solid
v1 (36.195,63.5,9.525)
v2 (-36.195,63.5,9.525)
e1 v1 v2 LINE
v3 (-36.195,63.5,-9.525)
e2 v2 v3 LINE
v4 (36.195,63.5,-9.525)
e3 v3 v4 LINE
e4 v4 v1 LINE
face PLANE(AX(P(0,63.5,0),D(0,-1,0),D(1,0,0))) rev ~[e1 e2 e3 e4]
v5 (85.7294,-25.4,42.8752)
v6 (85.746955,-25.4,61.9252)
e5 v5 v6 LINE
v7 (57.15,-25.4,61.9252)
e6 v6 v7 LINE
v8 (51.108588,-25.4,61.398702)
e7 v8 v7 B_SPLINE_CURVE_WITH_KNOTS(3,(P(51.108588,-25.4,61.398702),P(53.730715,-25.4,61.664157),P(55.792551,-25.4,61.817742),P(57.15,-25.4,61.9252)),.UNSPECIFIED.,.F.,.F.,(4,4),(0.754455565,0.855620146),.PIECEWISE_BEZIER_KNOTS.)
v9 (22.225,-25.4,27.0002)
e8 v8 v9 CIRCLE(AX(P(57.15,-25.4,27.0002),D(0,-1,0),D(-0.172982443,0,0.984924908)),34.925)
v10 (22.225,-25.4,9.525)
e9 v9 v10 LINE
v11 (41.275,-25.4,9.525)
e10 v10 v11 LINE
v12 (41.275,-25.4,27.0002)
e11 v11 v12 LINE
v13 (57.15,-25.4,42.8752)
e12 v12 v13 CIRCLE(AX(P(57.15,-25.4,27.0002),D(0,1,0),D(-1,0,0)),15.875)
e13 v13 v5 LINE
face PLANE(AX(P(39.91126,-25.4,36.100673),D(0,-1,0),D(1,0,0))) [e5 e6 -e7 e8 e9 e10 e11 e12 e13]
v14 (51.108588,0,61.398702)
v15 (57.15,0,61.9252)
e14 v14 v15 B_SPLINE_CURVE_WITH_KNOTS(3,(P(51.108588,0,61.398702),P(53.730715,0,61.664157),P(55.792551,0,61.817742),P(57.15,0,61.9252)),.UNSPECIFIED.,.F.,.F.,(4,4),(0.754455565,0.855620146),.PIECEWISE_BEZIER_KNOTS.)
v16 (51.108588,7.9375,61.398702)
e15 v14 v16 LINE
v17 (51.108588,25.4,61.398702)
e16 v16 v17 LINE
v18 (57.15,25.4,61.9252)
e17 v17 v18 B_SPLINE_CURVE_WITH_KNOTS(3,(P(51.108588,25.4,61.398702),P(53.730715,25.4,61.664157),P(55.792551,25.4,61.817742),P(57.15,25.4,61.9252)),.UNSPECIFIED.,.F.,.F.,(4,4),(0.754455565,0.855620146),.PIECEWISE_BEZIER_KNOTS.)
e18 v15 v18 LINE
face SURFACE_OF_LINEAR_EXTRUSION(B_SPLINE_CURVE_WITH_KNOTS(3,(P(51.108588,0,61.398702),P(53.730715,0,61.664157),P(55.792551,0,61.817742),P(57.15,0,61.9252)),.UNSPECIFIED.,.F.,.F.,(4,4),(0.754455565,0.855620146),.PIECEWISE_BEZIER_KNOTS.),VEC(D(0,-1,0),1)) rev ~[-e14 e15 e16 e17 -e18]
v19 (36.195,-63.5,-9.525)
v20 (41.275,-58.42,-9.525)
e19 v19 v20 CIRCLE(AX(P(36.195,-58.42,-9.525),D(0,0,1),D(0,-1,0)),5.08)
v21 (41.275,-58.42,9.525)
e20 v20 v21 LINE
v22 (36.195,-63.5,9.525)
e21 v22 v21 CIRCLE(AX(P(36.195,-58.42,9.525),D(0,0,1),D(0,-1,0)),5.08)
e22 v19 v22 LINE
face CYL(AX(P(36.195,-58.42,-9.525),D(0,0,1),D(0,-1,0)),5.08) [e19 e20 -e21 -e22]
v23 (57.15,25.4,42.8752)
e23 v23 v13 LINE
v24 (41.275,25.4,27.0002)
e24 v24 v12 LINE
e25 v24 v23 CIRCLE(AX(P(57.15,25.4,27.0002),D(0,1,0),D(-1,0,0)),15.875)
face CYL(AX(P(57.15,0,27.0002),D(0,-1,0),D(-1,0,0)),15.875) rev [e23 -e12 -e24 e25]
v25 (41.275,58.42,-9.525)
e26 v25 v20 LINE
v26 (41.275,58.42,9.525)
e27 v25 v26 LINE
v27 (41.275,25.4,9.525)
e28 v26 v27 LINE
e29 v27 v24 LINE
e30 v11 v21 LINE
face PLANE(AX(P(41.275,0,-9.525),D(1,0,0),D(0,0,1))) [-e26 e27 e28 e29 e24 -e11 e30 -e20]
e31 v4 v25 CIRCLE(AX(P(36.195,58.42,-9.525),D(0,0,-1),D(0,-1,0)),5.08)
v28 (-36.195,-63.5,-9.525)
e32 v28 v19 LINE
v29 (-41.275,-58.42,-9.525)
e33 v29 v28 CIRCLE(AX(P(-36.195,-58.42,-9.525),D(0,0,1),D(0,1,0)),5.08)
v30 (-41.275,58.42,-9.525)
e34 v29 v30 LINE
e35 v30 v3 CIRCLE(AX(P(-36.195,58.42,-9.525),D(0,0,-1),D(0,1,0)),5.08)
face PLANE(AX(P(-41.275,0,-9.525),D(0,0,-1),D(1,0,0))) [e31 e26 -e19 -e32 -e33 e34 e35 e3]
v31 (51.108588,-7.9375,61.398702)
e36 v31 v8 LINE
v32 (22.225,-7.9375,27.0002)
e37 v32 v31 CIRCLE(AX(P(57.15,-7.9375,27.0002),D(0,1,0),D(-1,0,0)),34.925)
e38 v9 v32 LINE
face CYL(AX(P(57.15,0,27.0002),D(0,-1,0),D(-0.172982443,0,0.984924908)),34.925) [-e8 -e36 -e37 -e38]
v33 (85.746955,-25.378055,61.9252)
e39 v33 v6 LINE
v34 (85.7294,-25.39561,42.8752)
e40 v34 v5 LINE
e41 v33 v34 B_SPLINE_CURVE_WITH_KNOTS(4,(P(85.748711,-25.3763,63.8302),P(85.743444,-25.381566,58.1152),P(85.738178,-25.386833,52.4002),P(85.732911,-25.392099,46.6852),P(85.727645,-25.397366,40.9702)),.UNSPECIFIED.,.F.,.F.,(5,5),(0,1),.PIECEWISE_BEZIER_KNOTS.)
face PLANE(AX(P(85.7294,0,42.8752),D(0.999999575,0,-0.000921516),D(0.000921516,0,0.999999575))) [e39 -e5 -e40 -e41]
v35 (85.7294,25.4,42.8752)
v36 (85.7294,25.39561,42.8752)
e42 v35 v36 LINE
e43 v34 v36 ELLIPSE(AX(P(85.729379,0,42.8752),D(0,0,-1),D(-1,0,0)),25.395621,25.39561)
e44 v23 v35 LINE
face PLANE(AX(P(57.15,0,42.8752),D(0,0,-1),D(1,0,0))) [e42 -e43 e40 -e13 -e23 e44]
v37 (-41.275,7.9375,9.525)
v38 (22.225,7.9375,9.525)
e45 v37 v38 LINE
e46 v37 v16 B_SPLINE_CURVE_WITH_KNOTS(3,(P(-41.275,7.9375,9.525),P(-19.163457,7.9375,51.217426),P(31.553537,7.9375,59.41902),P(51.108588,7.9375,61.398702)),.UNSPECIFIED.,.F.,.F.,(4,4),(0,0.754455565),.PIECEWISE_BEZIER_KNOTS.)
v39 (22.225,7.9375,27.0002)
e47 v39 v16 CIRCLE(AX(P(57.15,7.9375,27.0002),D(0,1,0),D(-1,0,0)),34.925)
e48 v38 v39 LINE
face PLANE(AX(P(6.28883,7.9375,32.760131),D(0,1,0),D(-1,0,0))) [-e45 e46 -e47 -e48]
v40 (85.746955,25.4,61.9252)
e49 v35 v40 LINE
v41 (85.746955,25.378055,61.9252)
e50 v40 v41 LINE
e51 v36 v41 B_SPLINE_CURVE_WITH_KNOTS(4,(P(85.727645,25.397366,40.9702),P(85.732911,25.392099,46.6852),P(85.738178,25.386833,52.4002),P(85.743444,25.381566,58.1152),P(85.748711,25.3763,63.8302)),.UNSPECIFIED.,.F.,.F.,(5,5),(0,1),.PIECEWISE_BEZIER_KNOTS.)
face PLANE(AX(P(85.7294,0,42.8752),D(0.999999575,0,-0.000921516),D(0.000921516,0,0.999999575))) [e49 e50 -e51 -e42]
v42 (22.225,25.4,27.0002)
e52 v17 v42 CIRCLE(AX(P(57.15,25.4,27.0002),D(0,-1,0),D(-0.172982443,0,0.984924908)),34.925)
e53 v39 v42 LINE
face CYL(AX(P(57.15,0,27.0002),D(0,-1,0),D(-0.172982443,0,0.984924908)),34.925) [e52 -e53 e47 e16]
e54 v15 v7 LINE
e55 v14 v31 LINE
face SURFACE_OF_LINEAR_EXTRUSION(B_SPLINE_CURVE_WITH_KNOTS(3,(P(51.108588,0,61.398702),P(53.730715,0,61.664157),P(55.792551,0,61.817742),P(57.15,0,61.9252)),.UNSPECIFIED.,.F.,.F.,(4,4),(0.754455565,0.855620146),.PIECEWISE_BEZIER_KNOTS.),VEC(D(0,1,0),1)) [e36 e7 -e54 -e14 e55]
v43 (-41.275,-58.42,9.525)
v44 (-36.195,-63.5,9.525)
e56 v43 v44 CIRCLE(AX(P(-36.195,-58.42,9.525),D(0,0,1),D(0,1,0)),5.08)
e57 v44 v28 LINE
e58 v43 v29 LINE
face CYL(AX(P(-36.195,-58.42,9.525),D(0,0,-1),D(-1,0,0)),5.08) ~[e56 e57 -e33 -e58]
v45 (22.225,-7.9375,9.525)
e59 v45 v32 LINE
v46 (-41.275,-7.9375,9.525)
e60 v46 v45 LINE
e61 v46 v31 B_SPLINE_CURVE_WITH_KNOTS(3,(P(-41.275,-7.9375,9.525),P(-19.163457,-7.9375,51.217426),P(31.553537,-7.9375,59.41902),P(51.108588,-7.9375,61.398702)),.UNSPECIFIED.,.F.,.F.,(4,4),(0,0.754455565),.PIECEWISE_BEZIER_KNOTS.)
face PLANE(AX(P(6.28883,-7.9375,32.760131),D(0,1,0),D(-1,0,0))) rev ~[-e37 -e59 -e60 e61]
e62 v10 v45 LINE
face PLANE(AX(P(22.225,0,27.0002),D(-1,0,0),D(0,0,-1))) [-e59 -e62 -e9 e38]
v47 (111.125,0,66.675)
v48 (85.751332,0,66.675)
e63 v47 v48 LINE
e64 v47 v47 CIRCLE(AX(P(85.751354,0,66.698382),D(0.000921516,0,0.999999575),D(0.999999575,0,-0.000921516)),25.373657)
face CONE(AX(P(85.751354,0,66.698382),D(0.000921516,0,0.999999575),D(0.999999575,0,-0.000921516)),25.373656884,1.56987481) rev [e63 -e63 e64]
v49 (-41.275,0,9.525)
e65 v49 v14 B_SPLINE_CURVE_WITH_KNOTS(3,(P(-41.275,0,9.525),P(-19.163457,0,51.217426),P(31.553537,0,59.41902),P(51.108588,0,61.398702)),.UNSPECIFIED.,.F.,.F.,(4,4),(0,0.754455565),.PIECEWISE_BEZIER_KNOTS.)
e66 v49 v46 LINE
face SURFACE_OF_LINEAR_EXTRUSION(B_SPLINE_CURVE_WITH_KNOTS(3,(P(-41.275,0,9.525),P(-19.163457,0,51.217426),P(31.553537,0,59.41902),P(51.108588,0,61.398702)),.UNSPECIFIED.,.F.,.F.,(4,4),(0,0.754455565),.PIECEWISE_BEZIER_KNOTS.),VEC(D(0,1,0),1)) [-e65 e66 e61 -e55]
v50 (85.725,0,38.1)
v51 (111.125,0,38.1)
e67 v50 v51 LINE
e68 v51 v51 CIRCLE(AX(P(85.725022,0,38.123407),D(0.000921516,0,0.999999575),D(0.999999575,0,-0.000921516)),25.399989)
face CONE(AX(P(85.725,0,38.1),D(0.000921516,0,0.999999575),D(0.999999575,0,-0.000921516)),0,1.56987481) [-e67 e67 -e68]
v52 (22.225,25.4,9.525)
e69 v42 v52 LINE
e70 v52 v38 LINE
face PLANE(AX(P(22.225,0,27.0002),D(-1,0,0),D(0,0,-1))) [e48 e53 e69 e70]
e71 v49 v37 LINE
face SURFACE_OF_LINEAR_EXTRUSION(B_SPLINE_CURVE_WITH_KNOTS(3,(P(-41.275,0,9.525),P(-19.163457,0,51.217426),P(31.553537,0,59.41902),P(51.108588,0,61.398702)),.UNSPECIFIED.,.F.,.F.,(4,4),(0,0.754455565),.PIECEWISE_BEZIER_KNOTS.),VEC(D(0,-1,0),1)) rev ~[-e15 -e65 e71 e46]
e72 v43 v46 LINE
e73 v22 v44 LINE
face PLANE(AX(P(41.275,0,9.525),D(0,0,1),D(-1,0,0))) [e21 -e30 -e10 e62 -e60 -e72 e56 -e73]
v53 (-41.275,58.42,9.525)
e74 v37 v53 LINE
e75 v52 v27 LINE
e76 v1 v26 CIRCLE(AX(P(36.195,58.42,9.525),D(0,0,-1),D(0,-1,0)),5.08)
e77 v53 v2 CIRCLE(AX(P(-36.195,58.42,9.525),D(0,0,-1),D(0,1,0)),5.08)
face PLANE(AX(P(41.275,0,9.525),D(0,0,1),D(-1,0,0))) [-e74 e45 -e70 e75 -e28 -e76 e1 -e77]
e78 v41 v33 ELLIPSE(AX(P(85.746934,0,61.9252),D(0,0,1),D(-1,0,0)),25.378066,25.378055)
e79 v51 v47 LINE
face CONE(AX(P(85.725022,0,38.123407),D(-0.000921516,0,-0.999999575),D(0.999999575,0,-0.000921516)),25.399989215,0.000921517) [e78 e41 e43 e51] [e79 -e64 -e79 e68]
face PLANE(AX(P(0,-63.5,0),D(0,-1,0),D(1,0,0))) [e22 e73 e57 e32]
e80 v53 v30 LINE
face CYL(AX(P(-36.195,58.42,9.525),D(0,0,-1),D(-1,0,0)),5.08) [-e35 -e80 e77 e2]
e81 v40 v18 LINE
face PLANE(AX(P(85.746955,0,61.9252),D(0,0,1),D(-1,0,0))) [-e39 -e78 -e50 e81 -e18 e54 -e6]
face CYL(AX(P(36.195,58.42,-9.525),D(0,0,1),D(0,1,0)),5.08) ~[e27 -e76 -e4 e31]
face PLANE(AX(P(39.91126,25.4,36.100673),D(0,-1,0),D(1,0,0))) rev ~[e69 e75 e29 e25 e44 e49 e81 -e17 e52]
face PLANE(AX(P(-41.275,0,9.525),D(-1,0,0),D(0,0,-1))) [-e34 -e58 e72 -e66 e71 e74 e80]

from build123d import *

# Parameters (mm, degrees)
F1_DEPTH = 63.5
F2_DEPTH = 25.4
F3_DEPTH = 7.9375
F5_DEPTH = 12.7
F6_R     = 5.08


with BuildPart() as f1:
    # F0 (on Front) → F1 (new body, symmetric)
    with BuildSketch(Plane.XZ):
        Polygon((-41.275, -9.525), (41.275, -9.525), (41.275, 9.525), (22.225, 9.525), (-41.275, 9.525), align=None)
    extrude(amount=F1_DEPTH, both=True)

    # F0 (on Front) → F2 (join, symmetric)
    with BuildSketch(Plane.XZ):
        with BuildLine():
            Line((22.225, 9.525), (41.275, 9.525))
            Line((41.275, 9.525), (41.275, 27.0002))
            ThreePointArc((41.275, 27.0002), (45.9246798487, 38.2255201513), (57.15, 42.8752))
            Line((57.15, 42.8752), (60.325, 42.8752))
            Line((60.325, 42.8752), (60.325, 61.9252))
            Line((60.325, 61.9252), (57.15, 61.9252))
            add(Edge.make_bspline(
                [(51.1085881946, 61.398702415), (53.7307154629, 61.6641570912), (55.7925510504, 61.8177418079), (57.15, 61.9252)],
                knots=[0.7544555653, 0.7544555653, 0.7544555653, 0.7544555653, 0.8556201459, 0.8556201459, 0.8556201459, 0.8556201459], degree=3))
            ThreePointArc((51.1085881946, 61.398702415), (30.4034868412, 49.4585984034), (22.225, 27.0002))
            Line((22.225, 27.0002), (22.225, 9.525))
        make_face()
        Polygon((60.325, 61.9252), (60.325, 42.8752), (85.729400427, 42.8752), (85.7469553221, 61.9252), align=None)
    extrude(amount=F2_DEPTH, both=True)

    # F0 (on Front) → F3 (join, symmetric)
    with BuildSketch(Plane.XZ):
        with BuildLine():
            add(Edge.make_bspline(
                [(-41.275, 9.525), (-19.1634568795, 51.2174255763), (31.5535374202, 59.4190198373), (51.1085881946, 61.398702415)],
                knots=[0, 0, 0, 0, 0.7544555653, 0.7544555653, 0.7544555653, 0.7544555653], degree=3))
            Line((-41.275, 9.525), (22.225, 9.525))
            Line((22.225, 9.525), (22.225, 27.0002))
            ThreePointArc((22.225, 27.0002), (30.4034868412, 49.4585984034), (51.1085881946, 61.398702415))
        make_face()
    extrude(amount=F3_DEPTH, both=True)

    # F0 (on Front) → F4 (revolve)
    with BuildSketch(Plane.XZ):
        Polygon((85.7469553221, 61.9252), (85.729400427, 42.8752), (85.725, 38.1), (111.125, 38.1), (111.125, 66.675), (85.7513323426, 66.675), align=None)
    revolve(axis=Axis((85.7381661713, 0, 52.3875), (0.0009215164, 0, 0.9999995754)))

    # F0 (on Front) → F5 (join, symmetric)
    with BuildSketch(Plane.XZ):
        with BuildLine():
            Line((22.225, 9.525), (41.275, 9.525))
            Line((41.275, 9.525), (41.275, 27.0002))
            ThreePointArc((41.275, 27.0002), (45.9246798487, 38.2255201513), (57.15, 42.8752))
            Line((57.15, 42.8752), (60.325, 42.8752))
            Line((60.325, 42.8752), (60.325, 61.9252))
            Line((60.325, 61.9252), (57.15, 61.9252))
            add(Edge.make_bspline(
                [(51.1085881946, 61.398702415), (53.7307154629, 61.6641570912), (55.7925510504, 61.8177418079), (57.15, 61.9252)],
                knots=[0.7544555653, 0.7544555653, 0.7544555653, 0.7544555653, 0.8556201459, 0.8556201459, 0.8556201459, 0.8556201459], degree=3))
            ThreePointArc((51.1085881946, 61.398702415), (30.4034868412, 49.4585984034), (22.225, 27.0002))
            Line((22.225, 27.0002), (22.225, 9.525))
        make_face()
    extrude(amount=F5_DEPTH, both=True)

    # F6
    f6_edges = [f1.edges().sort_by_distance(p)[0] for p in [
        (41.275, -63.5, 0),
        (-41.275, -63.5, 0),
        (41.275, 63.5, 0),
        (-41.275, 63.5, 0),
    ]]
    fillet(f6_edges, radius=F6_R)


solid = f1.part
